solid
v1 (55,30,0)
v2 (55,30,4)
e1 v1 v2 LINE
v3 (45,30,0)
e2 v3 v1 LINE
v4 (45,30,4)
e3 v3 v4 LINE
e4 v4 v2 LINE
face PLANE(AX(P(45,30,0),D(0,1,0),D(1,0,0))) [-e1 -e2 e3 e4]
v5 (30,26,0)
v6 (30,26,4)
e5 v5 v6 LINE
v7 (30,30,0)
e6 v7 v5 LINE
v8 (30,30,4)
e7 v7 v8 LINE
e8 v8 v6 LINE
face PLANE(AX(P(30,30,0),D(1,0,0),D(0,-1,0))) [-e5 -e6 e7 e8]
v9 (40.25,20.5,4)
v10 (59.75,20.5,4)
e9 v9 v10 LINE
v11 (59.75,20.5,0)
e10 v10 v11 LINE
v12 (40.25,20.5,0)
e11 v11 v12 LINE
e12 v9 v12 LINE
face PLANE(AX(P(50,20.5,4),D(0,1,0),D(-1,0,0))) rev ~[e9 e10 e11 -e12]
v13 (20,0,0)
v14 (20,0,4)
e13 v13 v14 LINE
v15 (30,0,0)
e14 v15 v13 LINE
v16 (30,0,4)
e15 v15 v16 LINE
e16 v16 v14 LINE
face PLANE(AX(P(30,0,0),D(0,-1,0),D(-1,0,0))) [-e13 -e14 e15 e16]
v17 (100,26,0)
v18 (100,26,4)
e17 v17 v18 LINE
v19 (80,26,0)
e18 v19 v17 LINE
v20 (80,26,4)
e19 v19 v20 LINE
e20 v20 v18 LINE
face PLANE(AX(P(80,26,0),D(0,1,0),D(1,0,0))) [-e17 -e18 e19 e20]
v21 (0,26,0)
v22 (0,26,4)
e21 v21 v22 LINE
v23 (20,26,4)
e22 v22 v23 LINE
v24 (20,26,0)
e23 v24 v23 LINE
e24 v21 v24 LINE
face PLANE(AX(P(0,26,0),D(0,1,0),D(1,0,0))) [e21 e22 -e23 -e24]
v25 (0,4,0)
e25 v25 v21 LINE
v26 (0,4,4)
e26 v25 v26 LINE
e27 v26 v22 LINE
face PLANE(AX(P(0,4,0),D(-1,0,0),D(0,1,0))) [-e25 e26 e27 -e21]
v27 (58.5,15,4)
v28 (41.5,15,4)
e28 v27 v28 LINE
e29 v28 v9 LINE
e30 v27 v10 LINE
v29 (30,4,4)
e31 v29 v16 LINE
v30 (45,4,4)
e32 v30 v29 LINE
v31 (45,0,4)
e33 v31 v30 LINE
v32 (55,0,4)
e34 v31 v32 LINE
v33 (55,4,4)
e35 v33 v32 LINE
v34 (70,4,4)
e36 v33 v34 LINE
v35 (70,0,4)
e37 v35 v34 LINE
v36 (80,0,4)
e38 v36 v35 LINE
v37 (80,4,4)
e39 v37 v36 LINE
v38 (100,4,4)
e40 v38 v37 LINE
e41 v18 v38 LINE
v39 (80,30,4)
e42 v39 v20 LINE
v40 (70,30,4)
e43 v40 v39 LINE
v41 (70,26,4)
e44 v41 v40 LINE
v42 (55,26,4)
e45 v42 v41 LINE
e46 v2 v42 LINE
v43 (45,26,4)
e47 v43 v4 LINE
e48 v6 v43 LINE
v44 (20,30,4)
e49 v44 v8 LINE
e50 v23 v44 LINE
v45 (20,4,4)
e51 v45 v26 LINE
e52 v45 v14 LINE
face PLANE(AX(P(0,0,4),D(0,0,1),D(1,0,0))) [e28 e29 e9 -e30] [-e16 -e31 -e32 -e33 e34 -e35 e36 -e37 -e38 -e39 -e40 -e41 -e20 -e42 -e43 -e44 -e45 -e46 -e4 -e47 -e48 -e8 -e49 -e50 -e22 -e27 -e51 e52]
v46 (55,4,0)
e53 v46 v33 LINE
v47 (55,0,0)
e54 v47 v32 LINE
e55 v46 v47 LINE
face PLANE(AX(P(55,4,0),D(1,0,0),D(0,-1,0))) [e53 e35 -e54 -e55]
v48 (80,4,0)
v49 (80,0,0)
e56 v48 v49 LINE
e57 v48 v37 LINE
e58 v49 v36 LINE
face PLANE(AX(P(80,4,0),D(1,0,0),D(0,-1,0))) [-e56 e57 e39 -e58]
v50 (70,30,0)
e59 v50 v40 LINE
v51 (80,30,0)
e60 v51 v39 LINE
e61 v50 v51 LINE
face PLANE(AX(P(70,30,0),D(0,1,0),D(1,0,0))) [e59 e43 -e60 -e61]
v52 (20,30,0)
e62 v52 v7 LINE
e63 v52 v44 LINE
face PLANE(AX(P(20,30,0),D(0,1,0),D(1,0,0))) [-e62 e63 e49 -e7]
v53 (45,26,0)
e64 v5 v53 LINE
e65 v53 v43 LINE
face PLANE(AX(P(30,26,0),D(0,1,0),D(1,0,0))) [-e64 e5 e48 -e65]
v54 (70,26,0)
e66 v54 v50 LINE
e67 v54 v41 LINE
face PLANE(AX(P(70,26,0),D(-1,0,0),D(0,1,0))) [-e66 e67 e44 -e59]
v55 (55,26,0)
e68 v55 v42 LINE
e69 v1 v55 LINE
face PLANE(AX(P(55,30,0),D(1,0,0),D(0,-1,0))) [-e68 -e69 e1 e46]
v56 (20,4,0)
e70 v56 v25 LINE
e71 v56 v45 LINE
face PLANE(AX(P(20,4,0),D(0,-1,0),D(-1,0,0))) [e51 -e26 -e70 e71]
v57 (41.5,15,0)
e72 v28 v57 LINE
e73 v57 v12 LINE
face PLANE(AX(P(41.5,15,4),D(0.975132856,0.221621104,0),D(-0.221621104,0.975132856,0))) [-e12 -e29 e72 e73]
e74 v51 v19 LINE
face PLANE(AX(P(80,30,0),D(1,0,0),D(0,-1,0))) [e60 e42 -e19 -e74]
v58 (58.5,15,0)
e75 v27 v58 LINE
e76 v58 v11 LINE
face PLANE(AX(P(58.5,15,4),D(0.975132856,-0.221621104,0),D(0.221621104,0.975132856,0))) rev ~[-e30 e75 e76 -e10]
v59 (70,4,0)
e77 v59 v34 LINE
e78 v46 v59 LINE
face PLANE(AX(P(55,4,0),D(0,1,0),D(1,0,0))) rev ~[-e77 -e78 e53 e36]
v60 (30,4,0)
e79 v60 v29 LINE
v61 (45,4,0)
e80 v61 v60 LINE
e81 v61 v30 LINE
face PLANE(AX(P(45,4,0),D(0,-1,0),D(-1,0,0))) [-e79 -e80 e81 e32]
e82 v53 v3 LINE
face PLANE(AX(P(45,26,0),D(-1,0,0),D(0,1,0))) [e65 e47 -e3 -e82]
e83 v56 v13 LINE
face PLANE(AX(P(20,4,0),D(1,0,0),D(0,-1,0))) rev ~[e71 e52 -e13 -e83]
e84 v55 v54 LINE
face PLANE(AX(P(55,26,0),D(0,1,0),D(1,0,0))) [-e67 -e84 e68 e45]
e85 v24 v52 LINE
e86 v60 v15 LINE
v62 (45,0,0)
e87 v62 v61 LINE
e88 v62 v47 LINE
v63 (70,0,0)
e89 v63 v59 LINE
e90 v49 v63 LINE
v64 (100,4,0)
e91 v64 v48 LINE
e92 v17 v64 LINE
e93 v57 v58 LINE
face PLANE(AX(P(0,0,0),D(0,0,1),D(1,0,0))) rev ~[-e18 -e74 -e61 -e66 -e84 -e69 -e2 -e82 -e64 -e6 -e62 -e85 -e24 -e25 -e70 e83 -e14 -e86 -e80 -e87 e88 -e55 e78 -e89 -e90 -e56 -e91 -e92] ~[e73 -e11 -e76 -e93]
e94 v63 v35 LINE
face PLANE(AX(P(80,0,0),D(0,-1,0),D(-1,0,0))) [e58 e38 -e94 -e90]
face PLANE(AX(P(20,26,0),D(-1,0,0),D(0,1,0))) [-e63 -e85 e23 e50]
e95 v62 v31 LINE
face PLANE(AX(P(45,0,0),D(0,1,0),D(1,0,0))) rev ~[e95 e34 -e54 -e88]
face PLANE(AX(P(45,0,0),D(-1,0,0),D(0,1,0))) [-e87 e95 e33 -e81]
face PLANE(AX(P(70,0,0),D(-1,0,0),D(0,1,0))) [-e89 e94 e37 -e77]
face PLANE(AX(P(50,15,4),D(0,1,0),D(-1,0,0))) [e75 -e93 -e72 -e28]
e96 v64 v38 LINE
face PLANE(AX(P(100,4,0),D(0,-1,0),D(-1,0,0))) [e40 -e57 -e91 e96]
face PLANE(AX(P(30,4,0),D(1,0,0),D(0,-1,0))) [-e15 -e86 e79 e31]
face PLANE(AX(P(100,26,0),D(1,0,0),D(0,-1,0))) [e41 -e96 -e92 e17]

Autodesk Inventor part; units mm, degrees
ref_plane "YZ Plane" through (0, 0, 0) normal (1, 0, 0) x (0, 1, 0)
ref_plane "XZ Plane" through (0, 0, 0) normal (0, 1, 0) x (-1, 0, 0)
ref_plane "XY Plane" through (0, 0, 0) normal (0, 0, 1) x (1, 0, 0)
sketch "Sketch1" plane through (0, 0, 0) normal (0, 0, 1) x (1, 0, 0)
  line L0 (0, 4) -> (0, 26)
  line L1 (0, 26) -> (20, 26)
  line L2 (20, 26) -> (20, 30)
  line L3 (20, 30) -> (30, 30)
  line L4 (30, 30) -> (30, 26)
  line L5 (30, 26) -> (45, 26)
  line L6 (45, 26) -> (45, 30)
  line L7 (45, 30) -> (55, 30)
  line L8 (55, 30) -> (55, 26)
  line L9 (55, 26) -> (70, 26)
  line L10 (70, 26) -> (70, 30)
  line L11 (70, 30) -> (80, 30)
  line L12 (80, 30) -> (80, 26)
  line L13 (80, 26) -> (100, 26)
  line L14 (100, 26) -> (100, 4)
  line L15 (100, 4) -> (80, 4)
  line L16 (80, 4) -> (80, 0)
  line L17 (80, 0) -> (70, 0)
  line L18 (70, 0) -> (70, 4)
  line L19 (55, 4) -> (70, 4)
  line L20 (55, 4) -> (55, 0)
  line L21 (45, 0) -> (45, 4)
  line L22 (30, 4) -> (30, 0)
  line L23 (45, 4) -> (30, 4)
  line L24 (45, 0) -> (55, 0)
  line L25 (30, 0) -> (20, 0)
  line L26 (20, 4) -> (20, 0)
  line L27 (20, 4) -> (0, 4)
  point P0 (0, 0)
  dimension "d0" = 22
  dimension "d1" = 20
  dimension "d2" = 4
  dimension "d3" = 10
  dimension "d4" = 15
  dimension "d5" = 10
  dimension "d6" = 15
  dimension "d7" = 10
  dimension "d8" = 20
  dimension "d9" = 22
  dimension "d10" = 20
extrude "Extrusion1" add sketch "Sketch1" along normal blind 4
sketch "Sketch2" plane through (0, 0, 4) normal (0, 0, 1) x (1, 0, 0)
  line L0 (50, 20.5) -> (40.25, 20.5)
  line L1 (40.25, 20.5) -> (59.75, 20.5)
  line L2 (50, 15) -> (58.5, 15)
  line L3 (58.5, 15) -> (41.5, 15)
  line L4 (41.5, 15) -> (40.25, 20.5)
  line L5 (58.5, 15) -> (59.75, 20.5)
  point P0 (0, 0)
  dimension "d19" = 5.5
  dimension "d20" = 9.75
extrude "Extrusion2" cut sketch "Sketch2" against normal blind 4
properties part number "front(vga)"
